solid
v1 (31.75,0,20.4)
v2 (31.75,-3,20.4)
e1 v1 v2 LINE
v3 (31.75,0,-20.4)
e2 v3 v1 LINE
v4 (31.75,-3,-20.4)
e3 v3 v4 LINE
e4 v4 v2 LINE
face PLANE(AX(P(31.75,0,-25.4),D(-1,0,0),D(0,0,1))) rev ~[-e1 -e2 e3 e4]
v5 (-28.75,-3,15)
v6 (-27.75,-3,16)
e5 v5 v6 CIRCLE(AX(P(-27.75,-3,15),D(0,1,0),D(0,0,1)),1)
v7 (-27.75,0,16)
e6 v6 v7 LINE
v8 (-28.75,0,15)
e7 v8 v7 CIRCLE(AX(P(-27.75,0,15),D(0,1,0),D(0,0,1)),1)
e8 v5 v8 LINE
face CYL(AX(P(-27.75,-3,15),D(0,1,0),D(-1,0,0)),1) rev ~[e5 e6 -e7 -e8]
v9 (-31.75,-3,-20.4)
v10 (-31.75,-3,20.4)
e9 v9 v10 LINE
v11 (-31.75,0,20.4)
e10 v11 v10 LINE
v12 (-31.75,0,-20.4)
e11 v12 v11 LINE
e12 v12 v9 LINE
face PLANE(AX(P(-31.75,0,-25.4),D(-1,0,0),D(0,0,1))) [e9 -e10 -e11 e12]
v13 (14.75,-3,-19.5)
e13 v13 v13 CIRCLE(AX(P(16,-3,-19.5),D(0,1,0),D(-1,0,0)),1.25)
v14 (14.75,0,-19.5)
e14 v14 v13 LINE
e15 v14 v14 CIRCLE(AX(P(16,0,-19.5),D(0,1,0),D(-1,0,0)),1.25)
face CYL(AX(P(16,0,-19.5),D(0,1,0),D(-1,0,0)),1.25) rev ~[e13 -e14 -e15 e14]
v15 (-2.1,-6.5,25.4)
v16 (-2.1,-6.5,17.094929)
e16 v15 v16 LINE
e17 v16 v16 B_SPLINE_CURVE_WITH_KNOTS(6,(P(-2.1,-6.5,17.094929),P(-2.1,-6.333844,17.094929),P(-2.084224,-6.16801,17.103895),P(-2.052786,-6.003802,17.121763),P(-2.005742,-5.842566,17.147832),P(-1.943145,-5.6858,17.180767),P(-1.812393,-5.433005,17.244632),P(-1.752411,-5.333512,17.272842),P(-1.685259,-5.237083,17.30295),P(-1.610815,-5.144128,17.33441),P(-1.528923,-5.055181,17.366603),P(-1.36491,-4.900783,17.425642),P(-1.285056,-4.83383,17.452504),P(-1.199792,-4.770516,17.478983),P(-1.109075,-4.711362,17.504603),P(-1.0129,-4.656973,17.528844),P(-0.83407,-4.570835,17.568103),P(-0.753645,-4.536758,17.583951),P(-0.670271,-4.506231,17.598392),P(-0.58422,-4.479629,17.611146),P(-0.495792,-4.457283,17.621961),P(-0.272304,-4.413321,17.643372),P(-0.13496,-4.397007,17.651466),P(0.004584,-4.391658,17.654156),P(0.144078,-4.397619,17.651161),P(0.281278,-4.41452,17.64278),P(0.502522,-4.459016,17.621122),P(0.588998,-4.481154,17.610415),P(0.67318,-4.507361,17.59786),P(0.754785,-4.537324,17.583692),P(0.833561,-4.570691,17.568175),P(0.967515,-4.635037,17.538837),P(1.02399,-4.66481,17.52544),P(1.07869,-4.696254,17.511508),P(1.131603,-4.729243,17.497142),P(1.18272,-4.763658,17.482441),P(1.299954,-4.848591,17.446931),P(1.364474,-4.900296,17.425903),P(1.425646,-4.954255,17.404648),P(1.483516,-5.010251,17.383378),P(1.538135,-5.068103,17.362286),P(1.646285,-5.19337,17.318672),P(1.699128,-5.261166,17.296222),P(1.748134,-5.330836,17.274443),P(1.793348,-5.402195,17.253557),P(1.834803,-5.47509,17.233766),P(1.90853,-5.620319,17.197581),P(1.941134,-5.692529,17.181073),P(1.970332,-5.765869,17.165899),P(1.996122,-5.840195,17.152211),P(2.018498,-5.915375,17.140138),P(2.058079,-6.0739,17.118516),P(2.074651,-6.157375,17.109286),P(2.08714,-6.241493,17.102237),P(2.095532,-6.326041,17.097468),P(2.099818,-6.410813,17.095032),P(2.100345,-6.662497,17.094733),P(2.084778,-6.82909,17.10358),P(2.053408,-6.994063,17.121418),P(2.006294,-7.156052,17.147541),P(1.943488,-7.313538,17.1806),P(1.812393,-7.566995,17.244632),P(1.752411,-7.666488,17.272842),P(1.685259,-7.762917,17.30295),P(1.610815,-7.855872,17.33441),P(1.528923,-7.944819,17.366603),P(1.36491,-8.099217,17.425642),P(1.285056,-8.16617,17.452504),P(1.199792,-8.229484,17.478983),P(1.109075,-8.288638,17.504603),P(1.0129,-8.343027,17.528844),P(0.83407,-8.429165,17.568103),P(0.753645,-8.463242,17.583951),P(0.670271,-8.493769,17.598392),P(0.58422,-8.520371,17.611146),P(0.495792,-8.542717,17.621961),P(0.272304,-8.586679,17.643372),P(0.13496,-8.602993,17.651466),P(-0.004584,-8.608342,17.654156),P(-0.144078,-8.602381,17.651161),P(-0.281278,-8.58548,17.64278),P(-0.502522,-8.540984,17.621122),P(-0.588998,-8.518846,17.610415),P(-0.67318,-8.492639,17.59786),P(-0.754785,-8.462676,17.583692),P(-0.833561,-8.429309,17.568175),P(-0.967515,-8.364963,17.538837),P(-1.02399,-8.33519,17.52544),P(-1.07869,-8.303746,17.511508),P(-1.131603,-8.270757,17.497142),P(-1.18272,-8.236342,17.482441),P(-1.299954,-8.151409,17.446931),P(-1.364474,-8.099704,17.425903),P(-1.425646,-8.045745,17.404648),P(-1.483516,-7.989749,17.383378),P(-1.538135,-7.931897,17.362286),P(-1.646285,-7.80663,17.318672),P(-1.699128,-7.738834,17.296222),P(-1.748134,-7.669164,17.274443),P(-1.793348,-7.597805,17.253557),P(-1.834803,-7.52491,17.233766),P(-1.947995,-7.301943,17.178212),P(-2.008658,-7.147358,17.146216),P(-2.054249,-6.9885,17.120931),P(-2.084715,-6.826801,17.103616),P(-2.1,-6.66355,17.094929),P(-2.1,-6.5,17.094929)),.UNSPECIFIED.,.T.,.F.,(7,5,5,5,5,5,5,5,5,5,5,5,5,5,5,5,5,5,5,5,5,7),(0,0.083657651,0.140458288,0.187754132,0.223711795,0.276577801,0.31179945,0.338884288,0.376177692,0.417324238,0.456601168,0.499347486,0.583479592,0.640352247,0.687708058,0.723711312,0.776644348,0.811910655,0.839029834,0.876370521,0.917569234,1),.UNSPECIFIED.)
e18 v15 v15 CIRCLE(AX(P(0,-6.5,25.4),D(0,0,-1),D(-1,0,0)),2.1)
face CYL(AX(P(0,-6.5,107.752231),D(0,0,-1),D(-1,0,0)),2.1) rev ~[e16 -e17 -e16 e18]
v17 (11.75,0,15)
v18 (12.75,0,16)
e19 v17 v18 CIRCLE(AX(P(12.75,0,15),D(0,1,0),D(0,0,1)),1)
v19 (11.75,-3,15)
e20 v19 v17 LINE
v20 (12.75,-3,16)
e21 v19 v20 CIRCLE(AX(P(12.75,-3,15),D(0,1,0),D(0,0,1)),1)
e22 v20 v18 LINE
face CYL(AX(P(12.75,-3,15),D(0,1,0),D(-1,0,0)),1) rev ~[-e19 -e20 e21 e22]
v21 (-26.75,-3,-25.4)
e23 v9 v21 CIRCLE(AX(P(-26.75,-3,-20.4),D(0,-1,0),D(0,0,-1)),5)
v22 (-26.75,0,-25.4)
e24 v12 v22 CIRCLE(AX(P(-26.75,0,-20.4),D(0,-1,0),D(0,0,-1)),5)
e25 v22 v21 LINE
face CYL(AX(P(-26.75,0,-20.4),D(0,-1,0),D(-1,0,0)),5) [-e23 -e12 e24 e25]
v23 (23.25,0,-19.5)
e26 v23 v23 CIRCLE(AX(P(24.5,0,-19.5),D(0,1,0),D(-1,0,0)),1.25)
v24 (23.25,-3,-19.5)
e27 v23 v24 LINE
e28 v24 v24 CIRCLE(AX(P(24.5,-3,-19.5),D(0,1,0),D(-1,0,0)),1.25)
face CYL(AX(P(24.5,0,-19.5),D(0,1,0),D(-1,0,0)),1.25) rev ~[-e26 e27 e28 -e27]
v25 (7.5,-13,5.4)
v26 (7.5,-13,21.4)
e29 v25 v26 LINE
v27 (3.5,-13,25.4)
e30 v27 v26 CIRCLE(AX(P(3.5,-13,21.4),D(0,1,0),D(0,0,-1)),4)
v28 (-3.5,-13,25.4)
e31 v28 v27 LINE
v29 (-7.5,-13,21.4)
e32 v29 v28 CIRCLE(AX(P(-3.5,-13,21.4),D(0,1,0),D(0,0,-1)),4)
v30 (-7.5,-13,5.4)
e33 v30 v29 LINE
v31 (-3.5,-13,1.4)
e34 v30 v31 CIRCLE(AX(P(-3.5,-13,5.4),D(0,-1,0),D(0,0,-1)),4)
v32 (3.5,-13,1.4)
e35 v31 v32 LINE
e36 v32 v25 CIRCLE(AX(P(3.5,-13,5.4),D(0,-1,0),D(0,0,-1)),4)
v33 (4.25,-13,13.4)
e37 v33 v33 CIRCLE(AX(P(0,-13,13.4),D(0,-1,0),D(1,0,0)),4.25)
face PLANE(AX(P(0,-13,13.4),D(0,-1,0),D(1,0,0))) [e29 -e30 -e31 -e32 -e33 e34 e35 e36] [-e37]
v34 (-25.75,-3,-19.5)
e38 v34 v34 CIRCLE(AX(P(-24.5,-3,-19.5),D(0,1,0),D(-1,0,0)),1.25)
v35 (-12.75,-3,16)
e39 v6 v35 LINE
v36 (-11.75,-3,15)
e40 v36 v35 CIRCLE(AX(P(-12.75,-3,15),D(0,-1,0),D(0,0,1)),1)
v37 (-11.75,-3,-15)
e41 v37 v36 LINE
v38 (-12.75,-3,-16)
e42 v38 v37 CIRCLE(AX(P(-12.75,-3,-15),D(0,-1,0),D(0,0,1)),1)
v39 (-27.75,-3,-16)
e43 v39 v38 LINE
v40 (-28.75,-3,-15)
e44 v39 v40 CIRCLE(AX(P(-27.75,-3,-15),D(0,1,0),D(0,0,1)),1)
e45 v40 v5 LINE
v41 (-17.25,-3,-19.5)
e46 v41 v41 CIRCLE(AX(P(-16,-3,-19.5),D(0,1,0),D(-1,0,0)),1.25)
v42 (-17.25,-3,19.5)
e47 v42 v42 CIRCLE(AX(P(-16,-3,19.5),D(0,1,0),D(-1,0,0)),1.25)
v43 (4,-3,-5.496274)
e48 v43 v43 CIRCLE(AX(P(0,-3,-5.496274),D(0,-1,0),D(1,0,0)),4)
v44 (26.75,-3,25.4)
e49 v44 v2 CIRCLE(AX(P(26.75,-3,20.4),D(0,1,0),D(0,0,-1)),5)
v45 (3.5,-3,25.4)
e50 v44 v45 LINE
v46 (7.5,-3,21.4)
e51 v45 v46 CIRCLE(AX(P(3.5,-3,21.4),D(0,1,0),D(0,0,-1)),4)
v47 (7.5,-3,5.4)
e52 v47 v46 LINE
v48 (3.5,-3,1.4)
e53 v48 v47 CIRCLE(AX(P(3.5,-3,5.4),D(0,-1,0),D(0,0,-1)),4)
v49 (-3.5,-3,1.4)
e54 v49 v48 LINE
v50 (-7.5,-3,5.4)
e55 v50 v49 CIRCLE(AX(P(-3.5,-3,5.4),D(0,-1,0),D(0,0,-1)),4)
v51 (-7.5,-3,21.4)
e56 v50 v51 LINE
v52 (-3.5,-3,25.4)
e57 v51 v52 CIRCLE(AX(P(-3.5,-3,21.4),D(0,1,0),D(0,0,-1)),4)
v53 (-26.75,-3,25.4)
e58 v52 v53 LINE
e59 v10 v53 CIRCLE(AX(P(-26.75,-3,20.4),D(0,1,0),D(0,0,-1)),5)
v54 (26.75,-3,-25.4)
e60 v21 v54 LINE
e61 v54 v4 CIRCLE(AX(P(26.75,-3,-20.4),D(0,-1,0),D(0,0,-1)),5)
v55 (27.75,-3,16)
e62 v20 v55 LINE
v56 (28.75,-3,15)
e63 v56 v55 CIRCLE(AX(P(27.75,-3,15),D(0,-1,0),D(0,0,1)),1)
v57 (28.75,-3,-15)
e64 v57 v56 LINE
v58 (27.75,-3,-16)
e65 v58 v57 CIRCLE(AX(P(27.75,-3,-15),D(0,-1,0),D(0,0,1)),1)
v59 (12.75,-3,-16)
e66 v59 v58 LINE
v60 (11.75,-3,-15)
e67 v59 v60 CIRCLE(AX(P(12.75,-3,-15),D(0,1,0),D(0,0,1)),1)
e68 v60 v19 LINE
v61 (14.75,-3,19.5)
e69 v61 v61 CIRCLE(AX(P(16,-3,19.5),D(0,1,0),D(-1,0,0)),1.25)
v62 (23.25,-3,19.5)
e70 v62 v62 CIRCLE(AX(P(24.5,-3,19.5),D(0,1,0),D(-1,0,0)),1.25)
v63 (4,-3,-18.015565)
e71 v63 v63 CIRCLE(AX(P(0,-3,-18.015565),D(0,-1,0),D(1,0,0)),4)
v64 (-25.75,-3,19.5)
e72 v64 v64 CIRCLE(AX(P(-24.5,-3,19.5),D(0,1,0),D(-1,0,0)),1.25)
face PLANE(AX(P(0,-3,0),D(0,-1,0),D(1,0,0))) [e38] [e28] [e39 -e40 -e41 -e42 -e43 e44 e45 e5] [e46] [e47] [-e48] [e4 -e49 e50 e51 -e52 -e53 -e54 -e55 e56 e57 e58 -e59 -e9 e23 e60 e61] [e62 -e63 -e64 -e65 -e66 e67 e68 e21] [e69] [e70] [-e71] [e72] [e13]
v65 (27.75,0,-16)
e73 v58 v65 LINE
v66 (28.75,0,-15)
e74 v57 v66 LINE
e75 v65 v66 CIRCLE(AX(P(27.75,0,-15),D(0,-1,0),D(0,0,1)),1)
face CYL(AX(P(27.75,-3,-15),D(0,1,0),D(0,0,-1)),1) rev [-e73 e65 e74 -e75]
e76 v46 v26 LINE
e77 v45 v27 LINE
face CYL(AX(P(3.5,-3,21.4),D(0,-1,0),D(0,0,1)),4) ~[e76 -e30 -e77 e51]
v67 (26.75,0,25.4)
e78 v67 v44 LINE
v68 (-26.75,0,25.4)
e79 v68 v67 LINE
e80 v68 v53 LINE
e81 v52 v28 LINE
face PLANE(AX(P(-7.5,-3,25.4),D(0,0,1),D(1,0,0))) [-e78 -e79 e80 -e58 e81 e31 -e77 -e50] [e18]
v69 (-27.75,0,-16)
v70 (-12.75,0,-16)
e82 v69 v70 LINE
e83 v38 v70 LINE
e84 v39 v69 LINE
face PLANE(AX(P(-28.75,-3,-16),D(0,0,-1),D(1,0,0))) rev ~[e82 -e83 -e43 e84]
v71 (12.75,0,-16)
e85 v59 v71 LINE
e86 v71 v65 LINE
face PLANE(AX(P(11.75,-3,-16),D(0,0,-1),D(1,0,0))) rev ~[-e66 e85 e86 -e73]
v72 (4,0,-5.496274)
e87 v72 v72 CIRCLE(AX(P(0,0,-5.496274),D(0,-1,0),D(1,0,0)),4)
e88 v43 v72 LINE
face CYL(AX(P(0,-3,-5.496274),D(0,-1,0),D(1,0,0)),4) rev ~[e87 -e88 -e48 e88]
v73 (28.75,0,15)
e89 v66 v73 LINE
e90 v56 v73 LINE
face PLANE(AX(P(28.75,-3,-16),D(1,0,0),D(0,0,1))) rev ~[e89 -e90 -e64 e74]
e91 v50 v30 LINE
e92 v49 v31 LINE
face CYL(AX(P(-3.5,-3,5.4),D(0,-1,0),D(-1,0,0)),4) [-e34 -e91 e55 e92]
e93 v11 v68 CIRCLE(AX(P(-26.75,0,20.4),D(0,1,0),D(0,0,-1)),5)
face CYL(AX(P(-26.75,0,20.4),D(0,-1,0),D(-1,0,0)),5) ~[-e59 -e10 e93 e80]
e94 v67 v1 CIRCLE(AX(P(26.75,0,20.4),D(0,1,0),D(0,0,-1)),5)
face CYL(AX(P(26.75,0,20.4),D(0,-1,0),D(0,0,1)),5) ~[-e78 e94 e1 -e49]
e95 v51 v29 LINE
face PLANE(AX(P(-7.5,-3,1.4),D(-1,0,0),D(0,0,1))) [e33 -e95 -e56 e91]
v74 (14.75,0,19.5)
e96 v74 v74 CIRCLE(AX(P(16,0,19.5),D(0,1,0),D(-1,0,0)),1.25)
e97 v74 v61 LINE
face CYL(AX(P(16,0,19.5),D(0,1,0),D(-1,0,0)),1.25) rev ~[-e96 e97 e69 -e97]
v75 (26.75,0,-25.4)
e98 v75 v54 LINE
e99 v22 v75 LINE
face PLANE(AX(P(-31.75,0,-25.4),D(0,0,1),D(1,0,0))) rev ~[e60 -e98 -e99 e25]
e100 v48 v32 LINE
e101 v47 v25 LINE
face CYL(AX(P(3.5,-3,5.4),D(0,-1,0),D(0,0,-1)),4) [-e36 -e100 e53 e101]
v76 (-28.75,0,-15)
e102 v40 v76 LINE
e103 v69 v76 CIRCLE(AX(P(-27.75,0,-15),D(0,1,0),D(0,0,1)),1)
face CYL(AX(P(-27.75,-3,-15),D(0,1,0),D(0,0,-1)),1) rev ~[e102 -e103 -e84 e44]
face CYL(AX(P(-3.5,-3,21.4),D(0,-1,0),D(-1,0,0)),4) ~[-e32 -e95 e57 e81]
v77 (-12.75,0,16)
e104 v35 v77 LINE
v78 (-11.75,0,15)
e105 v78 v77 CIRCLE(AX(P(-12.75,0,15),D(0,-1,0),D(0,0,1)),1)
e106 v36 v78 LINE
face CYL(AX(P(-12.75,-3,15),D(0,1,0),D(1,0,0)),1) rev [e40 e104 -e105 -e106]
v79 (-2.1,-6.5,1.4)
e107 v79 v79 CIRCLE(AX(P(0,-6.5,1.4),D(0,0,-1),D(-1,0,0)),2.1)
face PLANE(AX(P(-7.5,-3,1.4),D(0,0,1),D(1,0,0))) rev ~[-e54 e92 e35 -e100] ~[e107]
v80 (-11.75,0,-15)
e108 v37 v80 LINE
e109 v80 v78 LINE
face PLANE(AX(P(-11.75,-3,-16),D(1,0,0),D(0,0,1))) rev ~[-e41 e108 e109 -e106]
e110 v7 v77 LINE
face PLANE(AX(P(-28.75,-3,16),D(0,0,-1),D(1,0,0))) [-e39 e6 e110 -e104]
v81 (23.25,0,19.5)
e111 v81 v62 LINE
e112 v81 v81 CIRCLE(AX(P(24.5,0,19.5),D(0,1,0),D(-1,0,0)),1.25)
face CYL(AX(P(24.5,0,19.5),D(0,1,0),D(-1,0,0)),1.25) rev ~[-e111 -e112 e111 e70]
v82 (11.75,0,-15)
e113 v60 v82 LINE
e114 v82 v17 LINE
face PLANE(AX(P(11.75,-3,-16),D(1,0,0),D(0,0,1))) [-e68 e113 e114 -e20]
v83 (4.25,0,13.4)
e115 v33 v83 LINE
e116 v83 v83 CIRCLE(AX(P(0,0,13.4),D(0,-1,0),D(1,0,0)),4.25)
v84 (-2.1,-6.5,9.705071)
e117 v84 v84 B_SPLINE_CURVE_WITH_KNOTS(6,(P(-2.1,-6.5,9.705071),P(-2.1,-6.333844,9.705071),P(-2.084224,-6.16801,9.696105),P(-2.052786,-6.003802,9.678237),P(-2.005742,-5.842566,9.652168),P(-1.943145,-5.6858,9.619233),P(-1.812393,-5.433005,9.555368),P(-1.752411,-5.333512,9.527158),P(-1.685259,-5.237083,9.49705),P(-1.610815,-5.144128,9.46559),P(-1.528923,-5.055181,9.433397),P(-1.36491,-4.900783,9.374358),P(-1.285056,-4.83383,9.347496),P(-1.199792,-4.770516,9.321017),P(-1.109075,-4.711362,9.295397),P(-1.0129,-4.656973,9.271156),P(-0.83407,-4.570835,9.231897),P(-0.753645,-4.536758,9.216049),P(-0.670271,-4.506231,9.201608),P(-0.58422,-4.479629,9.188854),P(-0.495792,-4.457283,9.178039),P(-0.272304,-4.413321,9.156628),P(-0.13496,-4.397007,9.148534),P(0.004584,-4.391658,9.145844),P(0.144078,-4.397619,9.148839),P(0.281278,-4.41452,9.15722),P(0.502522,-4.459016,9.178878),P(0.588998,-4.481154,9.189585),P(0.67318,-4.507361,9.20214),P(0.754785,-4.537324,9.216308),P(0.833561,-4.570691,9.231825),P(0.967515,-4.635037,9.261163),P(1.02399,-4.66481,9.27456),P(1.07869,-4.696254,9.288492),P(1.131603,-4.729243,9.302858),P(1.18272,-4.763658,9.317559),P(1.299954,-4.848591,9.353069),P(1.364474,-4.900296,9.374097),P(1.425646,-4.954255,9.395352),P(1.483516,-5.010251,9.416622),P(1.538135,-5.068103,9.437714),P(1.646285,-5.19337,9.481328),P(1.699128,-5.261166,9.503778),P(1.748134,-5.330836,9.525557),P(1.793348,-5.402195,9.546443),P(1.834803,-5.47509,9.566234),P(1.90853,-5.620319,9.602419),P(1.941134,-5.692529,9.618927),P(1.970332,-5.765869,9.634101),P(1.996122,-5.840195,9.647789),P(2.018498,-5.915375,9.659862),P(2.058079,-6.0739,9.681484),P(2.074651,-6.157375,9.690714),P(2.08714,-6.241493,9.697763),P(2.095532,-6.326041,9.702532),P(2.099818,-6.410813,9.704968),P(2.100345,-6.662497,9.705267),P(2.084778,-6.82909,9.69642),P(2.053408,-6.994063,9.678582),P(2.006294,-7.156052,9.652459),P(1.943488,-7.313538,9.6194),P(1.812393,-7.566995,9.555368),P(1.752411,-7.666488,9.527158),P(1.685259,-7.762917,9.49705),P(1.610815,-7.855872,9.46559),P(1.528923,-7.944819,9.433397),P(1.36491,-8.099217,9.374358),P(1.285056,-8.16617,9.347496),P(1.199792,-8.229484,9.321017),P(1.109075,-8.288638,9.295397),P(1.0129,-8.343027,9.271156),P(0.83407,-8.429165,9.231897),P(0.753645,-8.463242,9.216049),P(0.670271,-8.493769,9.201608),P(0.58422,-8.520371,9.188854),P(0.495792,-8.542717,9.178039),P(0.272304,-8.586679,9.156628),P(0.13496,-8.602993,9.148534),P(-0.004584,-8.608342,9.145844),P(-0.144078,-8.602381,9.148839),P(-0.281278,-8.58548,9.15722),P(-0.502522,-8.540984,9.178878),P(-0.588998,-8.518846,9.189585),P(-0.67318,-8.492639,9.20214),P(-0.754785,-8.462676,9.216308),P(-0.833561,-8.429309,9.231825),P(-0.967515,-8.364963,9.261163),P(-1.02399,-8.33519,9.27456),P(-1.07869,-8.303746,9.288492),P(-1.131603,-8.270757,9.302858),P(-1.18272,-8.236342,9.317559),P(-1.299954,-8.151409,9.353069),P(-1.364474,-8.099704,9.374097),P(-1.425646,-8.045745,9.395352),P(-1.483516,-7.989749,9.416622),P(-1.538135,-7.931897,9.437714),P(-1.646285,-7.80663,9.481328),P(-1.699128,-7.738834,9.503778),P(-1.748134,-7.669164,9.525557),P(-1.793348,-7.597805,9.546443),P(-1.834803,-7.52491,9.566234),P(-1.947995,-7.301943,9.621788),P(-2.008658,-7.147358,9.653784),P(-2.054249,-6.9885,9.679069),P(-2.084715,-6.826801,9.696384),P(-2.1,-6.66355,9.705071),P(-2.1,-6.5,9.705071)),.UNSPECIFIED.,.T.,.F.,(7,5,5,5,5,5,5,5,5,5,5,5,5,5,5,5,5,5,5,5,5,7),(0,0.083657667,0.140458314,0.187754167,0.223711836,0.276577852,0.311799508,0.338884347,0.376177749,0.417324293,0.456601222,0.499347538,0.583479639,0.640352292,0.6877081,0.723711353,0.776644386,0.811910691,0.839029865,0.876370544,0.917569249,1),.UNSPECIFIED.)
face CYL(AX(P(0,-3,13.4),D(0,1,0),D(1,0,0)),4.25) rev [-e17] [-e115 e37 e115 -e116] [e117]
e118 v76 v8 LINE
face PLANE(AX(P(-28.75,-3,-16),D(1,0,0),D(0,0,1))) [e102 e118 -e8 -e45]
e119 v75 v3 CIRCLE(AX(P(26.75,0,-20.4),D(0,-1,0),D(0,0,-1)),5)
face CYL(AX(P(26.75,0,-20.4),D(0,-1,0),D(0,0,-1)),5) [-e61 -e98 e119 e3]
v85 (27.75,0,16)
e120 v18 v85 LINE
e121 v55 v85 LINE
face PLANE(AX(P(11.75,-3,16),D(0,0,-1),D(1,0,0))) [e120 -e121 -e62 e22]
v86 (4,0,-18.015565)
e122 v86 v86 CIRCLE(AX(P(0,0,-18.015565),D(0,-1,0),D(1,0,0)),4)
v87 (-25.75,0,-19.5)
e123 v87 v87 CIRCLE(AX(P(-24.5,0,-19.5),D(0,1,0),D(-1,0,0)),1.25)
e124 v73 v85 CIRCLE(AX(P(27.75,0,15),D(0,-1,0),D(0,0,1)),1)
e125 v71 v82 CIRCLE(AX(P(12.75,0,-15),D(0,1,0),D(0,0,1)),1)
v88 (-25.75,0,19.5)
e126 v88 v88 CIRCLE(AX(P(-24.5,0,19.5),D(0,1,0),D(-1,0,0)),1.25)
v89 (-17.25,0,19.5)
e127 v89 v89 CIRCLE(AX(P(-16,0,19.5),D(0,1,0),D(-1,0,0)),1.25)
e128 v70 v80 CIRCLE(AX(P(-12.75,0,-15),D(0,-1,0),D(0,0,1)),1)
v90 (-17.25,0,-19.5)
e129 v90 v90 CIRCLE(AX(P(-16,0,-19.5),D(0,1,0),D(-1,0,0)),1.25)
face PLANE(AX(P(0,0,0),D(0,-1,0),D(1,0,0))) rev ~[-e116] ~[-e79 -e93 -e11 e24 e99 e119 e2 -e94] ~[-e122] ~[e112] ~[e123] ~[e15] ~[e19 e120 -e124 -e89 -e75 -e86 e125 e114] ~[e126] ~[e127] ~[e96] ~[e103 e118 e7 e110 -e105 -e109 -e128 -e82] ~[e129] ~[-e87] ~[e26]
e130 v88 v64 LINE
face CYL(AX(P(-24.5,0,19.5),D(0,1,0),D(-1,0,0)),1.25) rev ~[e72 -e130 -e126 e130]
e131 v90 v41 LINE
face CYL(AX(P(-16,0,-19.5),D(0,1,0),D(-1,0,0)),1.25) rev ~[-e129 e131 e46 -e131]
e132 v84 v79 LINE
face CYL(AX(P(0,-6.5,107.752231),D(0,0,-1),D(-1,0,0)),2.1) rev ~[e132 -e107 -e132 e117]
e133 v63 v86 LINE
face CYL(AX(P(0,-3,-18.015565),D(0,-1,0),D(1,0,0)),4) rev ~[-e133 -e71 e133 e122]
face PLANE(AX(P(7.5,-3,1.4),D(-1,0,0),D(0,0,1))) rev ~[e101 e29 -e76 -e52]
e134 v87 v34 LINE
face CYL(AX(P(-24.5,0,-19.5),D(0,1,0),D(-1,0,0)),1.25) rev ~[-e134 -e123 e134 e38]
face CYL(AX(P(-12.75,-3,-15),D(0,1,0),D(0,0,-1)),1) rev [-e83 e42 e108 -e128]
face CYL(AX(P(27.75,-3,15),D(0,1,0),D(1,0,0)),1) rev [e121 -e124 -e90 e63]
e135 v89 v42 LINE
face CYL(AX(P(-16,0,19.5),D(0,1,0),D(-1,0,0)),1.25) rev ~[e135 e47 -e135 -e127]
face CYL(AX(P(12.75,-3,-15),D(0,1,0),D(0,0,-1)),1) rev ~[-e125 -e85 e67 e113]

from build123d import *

# Parameters (mm, degrees)
F0_W      = 63.5
F0_H      = 50.8
F0_R      = 4.25
F1_DEPTH  = 3
F2_W      = 17
F2_H      = 32
F3_DEPTH  = 3.001
F4_R      = 5
F5_W      = 15
F5_H      = 24
F5_R      = 4.25
F6_DEPTH  = 10
F8_D      = 4.2
F9_R      = 4
F10_R     = 4
F11_DEPTH = 3.0010001
F12_R     = 1.25
F13_DEPTH = 13.0010001
F14_R     = 1


with BuildPart() as f1:
    # F0 (on Front) → F1 (new body)
    with BuildSketch(Plane.XZ):
        Rectangle(F0_W, F0_H)
        with Locations((0, 13.4)):
            Circle(F0_R, mode=Mode.SUBTRACT)
    extrude(amount=F1_DEPTH)

    # F2 (on face) → F3 (cut, through all)
    with BuildSketch(Plane.XZ.offset(3)):
        with Locations((20.25, 0)):
            Rectangle(F2_W, F2_H)
        with Locations((-20.25, 0)):
            Rectangle(F2_W, F2_H)
    extrude(amount=-F3_DEPTH, mode=Mode.SUBTRACT)

    # F4
    f4_edges = [f1.edges().sort_by_distance(p)[0] for p in [
        (-31.75, -1.5, 25.4),
        (31.75, -1.5, 25.4),
        (31.75, -1.5, -25.4),
        (-31.75, -1.5, -25.4),
    ]]
    fillet(f4_edges, radius=F4_R)

    # F5 (on face) → F6 (join)
    with BuildSketch(Plane.XZ.offset(3)):
        with Locations((0, 13.4)):
            Rectangle(F5_W, F5_H)
        with Locations((0, 13.4)):
            Circle(F5_R, mode=Mode.SUBTRACT)
    extrude(amount=F6_DEPTH)

    # F8 (through all)
    with Locations(Plane.XY.offset(25.4)):
        with Locations((0, -6.5)):
            Hole(F8_D / 2)

    # F9
    f9_edges = [f1.edges().sort_by_distance(p)[0] for p in [
        (-7.5, -8, 1.4),
        (7.5, -8, 1.4),
        (7.5, -8, 25.4),
        (-7.5, -8, 25.4),
    ]]
    fillet(f9_edges, radius=F9_R)

    # F10 (on face) → F11 (cut, through all)
    with BuildSketch(Plane.XZ.offset(3)):
        with Locations((0, -5.4962742142)):
            Circle(F10_R)
        with Locations((0, -18.0155653507)):
            Circle(F10_R)
    extrude(amount=-F11_DEPTH, mode=Mode.SUBTRACT)

    # F12 (on face) → F13 (cut, through all)
    with BuildSketch(Plane(origin=(0, 0, 0), x_dir=(-1, 0, 0), z_dir=(0, 1, 0))):
        with Locations((-24.5, 19.5)):
            Circle(F12_R)
        with Locations((-16, 19.5)):
            Circle(F12_R)
        with Locations((16, 19.5)):
            Circle(F12_R)
        with Locations((24.5, 19.5)):
            Circle(F12_R)
        with Locations((-24.5, -19.5)):
            Circle(F12_R)
        with Locations((-16, -19.5)):
            Circle(F12_R)
        with Locations((16, -19.5)):
            Circle(F12_R)
        with Locations((24.5, -19.5)):
            Circle(F12_R)
    extrude(amount=-F13_DEPTH, mode=Mode.SUBTRACT)

    # F14
    f14_edges = [f1.edges().sort_by_distance(p)[0] for p in [
        (28.75, -1.5, 16),
        (-11.75, -1.5, 16),
        (11.75, -1.5, 16),
        (-28.75, -1.5, 16),
        (-28.75, -1.5, -16),
        (11.75, -1.5, -16),
        (-11.75, -1.5, -16),
        (28.75, -1.5, -16),
    ]]
    fillet(f14_edges, radius=F14_R)


solid = f1.part
